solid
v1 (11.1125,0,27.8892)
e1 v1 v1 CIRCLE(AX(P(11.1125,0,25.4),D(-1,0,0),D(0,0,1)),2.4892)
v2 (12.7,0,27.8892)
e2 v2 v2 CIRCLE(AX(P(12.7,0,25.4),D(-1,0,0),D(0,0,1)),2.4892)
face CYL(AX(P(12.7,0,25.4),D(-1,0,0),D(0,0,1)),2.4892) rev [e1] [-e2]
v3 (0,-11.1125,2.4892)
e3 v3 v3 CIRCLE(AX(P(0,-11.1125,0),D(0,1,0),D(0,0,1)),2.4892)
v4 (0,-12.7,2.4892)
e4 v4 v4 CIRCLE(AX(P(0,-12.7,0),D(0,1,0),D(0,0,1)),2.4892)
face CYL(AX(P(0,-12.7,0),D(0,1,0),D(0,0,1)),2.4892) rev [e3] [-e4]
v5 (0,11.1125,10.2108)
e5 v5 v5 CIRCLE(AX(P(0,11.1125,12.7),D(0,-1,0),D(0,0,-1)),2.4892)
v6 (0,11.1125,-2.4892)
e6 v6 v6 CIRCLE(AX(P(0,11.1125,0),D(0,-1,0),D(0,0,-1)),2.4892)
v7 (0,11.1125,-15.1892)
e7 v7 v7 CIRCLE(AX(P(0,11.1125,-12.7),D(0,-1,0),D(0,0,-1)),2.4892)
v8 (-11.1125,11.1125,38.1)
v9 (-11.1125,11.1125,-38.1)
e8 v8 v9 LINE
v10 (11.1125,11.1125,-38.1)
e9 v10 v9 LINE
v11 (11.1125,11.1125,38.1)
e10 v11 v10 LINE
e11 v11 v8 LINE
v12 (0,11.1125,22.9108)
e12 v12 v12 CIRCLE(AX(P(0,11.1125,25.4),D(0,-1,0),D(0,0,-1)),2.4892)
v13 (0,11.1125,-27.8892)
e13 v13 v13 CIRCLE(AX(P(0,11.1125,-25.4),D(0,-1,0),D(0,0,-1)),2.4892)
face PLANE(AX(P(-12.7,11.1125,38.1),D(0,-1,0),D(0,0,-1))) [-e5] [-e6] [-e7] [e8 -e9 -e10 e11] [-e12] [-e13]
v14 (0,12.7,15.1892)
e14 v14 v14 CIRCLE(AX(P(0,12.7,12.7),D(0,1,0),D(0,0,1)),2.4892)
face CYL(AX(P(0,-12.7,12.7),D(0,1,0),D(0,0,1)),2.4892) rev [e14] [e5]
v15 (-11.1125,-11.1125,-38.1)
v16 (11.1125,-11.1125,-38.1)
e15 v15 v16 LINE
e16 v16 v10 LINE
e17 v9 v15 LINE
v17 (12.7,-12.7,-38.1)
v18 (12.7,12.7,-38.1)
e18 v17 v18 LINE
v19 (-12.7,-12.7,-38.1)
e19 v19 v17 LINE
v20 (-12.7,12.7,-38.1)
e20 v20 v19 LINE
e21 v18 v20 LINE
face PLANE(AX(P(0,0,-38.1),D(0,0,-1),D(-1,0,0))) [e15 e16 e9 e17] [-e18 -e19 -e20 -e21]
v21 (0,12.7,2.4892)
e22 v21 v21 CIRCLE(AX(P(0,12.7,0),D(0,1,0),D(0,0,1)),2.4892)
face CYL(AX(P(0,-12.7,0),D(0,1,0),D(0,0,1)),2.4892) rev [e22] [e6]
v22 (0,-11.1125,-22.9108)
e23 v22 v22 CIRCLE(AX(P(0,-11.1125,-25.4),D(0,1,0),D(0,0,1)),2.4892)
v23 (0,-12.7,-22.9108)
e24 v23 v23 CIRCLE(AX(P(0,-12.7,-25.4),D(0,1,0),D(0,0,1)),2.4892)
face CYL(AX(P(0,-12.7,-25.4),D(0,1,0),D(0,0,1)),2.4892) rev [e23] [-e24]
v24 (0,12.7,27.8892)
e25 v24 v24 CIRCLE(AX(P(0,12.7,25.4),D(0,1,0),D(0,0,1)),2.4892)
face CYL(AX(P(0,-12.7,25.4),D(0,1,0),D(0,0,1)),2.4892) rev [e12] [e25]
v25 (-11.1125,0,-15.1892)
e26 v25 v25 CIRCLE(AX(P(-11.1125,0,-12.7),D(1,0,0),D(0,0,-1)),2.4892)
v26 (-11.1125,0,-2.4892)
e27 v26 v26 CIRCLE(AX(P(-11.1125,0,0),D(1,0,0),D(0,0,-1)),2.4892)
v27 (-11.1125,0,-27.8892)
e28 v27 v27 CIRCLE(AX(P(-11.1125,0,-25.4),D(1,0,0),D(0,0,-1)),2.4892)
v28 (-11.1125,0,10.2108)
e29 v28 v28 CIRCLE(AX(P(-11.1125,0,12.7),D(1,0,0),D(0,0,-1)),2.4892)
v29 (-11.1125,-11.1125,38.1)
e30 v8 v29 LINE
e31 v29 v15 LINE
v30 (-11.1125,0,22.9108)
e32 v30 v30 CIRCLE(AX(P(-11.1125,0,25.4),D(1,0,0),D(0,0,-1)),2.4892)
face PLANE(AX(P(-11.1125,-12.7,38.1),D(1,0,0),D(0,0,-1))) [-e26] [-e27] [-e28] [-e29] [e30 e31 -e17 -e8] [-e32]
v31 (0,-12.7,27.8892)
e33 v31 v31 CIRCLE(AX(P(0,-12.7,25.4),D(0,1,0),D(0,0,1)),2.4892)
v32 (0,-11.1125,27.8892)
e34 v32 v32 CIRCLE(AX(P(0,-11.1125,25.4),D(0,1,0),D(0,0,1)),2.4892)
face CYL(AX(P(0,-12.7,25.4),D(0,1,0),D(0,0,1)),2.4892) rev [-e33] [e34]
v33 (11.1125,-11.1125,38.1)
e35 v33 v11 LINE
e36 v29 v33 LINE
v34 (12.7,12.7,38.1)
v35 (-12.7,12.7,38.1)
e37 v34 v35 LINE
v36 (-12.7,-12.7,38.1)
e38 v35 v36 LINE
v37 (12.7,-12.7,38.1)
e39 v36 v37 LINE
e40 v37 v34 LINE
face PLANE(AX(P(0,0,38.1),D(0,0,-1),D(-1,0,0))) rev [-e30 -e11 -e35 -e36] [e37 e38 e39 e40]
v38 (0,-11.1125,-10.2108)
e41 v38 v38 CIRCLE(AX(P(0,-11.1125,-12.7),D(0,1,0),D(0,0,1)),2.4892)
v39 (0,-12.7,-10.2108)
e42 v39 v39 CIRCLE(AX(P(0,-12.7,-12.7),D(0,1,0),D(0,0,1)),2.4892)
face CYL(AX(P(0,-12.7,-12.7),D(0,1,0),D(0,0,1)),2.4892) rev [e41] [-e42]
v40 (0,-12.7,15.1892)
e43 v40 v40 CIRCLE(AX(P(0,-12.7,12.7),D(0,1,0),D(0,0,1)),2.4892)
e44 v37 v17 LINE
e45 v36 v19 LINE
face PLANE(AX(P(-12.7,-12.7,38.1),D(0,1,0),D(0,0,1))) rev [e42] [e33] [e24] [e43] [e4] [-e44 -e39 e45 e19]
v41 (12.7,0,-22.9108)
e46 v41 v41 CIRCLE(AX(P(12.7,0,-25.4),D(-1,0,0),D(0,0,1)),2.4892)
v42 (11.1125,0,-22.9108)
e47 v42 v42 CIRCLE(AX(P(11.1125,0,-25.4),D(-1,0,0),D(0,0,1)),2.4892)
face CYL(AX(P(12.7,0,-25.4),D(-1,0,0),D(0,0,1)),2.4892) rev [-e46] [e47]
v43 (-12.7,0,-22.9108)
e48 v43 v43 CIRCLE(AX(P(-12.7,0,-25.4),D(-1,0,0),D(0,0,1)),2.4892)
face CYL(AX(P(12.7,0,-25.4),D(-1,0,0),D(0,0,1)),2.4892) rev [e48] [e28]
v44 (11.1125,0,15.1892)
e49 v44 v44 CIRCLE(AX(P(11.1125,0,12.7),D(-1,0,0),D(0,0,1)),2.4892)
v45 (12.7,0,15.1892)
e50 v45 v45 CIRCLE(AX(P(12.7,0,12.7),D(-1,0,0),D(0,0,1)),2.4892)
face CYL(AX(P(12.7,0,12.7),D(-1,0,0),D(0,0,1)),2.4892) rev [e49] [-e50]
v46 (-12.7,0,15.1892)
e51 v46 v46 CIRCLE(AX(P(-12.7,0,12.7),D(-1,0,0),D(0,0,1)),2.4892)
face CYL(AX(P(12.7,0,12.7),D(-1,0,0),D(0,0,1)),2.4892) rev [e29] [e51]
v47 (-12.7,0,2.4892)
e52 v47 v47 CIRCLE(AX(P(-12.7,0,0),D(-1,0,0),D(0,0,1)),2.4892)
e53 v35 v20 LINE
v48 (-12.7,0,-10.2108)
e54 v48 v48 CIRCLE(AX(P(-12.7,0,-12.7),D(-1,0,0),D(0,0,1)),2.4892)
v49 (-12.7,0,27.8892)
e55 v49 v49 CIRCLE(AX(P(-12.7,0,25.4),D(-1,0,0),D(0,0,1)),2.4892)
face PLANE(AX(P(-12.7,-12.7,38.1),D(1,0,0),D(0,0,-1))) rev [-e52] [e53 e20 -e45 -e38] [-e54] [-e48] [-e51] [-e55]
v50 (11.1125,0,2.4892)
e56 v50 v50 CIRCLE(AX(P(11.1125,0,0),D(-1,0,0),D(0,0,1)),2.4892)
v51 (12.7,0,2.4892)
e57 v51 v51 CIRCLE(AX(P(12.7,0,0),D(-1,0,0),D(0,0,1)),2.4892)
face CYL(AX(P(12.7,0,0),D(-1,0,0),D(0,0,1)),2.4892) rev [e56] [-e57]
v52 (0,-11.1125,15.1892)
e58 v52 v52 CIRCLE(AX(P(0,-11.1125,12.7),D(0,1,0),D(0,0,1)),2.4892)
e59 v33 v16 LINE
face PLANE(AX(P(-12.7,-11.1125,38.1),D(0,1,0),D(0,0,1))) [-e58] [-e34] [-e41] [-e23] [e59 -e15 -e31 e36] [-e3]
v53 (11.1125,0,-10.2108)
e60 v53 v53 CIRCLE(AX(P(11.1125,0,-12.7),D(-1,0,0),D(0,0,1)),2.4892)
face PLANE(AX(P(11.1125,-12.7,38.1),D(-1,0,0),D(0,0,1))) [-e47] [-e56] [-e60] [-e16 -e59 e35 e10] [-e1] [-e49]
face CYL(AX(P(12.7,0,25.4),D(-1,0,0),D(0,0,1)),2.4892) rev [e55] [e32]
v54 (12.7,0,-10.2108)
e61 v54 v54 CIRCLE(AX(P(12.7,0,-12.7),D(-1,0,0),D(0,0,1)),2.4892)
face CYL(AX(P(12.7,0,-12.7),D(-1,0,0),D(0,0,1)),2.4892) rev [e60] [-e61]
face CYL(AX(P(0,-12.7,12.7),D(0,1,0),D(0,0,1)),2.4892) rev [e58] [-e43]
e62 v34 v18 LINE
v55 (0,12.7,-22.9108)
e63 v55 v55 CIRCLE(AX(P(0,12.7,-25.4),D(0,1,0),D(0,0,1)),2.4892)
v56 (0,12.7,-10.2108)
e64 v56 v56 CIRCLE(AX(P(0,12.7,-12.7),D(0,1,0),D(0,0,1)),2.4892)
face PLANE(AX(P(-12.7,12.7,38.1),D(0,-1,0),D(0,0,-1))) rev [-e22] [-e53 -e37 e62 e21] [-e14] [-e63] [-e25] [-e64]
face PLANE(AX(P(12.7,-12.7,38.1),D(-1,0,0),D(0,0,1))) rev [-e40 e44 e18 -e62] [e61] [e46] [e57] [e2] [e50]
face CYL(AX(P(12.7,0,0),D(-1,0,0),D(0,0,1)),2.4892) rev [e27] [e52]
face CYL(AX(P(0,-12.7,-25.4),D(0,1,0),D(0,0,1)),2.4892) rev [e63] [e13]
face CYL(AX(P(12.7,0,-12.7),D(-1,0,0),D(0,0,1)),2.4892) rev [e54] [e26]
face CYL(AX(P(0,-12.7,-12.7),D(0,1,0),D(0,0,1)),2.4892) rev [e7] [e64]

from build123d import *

# Parameters (mm, degrees)
SKETCH1_W               = 25.4
SKETCH1_H               = 25.4
BOSS_EXTRUDE1_DEPTH     = 38.1
SHELL1_T                = -1.5875
CUT_EXTRUDE1_DEPTH      = 43.121134838
CUT_EXTRUDE1_DEPTH_BACK = 43.121134838
SKETCH2_R               = 2.4892
SKETCH3_R               = 2.4892
CUT_EXTRUDE2_DEPTH      = 48.519048812


with BuildPart() as part:
    # Sketch1 → Boss-Extrude1 (new, symmetric)
    with BuildSketch(Plane.XY):
        Rectangle(SKETCH1_W, SKETCH1_H)
    extrude(amount=BOSS_EXTRUDE1_DEPTH, both=True)

    # Shell1
    shell1_openings = [part.faces().sort_by_distance(p)[0] for p in [
        (0, 0, 38.1),
        (0, 0, -38.1),
    ]]
    offset(amount=SHELL1_T, openings=shell1_openings, kind=Kind.INTERSECTION)

    # Sketch2 → Cut-Extrude1 (cut, two sides: drawn at the far end of the back side and taken through both)
    with BuildSketch(Plane(origin=(0, 0, 0), x_dir=(1, 0, 0), z_dir=(0, 1, 0)).offset(-CUT_EXTRUDE1_DEPTH_BACK)):
        with Locations(Location((0, -25.4, 0), (0, 0, 270))):
            Circle(SKETCH2_R)
        with Locations(Location((0, -12.7, 0), (0, 0, 270))):
            Circle(SKETCH2_R)
        with Locations(Location((0, 0, 0), (0, 0, 270))):
            Circle(SKETCH2_R)
        with Locations(Location((0, 12.7, 0), (0, 0, 270))):
            Circle(SKETCH2_R)
        with Locations(Location((0, 25.4, 0), (0, 0, 270))):
            Circle(SKETCH2_R)
    extrude(amount=CUT_EXTRUDE1_DEPTH + CUT_EXTRUDE1_DEPTH_BACK, mode=Mode.SUBTRACT)

    # Sketch3 → Cut-Extrude2 (cut, through all)
    with BuildSketch(Plane.ZY.offset(12.7)):
        with Locations((-25.4, 0)):
            Circle(SKETCH3_R)
        with Locations((-12.7, 0)):
            Circle(SKETCH3_R)
        Circle(SKETCH3_R)
        with Locations((12.7, 0)):
            Circle(SKETCH3_R)
        with Locations((25.4, 0)):
            Circle(SKETCH3_R)
    extrude(amount=-CUT_EXTRUDE2_DEPTH, mode=Mode.SUBTRACT)


solid = part.part
